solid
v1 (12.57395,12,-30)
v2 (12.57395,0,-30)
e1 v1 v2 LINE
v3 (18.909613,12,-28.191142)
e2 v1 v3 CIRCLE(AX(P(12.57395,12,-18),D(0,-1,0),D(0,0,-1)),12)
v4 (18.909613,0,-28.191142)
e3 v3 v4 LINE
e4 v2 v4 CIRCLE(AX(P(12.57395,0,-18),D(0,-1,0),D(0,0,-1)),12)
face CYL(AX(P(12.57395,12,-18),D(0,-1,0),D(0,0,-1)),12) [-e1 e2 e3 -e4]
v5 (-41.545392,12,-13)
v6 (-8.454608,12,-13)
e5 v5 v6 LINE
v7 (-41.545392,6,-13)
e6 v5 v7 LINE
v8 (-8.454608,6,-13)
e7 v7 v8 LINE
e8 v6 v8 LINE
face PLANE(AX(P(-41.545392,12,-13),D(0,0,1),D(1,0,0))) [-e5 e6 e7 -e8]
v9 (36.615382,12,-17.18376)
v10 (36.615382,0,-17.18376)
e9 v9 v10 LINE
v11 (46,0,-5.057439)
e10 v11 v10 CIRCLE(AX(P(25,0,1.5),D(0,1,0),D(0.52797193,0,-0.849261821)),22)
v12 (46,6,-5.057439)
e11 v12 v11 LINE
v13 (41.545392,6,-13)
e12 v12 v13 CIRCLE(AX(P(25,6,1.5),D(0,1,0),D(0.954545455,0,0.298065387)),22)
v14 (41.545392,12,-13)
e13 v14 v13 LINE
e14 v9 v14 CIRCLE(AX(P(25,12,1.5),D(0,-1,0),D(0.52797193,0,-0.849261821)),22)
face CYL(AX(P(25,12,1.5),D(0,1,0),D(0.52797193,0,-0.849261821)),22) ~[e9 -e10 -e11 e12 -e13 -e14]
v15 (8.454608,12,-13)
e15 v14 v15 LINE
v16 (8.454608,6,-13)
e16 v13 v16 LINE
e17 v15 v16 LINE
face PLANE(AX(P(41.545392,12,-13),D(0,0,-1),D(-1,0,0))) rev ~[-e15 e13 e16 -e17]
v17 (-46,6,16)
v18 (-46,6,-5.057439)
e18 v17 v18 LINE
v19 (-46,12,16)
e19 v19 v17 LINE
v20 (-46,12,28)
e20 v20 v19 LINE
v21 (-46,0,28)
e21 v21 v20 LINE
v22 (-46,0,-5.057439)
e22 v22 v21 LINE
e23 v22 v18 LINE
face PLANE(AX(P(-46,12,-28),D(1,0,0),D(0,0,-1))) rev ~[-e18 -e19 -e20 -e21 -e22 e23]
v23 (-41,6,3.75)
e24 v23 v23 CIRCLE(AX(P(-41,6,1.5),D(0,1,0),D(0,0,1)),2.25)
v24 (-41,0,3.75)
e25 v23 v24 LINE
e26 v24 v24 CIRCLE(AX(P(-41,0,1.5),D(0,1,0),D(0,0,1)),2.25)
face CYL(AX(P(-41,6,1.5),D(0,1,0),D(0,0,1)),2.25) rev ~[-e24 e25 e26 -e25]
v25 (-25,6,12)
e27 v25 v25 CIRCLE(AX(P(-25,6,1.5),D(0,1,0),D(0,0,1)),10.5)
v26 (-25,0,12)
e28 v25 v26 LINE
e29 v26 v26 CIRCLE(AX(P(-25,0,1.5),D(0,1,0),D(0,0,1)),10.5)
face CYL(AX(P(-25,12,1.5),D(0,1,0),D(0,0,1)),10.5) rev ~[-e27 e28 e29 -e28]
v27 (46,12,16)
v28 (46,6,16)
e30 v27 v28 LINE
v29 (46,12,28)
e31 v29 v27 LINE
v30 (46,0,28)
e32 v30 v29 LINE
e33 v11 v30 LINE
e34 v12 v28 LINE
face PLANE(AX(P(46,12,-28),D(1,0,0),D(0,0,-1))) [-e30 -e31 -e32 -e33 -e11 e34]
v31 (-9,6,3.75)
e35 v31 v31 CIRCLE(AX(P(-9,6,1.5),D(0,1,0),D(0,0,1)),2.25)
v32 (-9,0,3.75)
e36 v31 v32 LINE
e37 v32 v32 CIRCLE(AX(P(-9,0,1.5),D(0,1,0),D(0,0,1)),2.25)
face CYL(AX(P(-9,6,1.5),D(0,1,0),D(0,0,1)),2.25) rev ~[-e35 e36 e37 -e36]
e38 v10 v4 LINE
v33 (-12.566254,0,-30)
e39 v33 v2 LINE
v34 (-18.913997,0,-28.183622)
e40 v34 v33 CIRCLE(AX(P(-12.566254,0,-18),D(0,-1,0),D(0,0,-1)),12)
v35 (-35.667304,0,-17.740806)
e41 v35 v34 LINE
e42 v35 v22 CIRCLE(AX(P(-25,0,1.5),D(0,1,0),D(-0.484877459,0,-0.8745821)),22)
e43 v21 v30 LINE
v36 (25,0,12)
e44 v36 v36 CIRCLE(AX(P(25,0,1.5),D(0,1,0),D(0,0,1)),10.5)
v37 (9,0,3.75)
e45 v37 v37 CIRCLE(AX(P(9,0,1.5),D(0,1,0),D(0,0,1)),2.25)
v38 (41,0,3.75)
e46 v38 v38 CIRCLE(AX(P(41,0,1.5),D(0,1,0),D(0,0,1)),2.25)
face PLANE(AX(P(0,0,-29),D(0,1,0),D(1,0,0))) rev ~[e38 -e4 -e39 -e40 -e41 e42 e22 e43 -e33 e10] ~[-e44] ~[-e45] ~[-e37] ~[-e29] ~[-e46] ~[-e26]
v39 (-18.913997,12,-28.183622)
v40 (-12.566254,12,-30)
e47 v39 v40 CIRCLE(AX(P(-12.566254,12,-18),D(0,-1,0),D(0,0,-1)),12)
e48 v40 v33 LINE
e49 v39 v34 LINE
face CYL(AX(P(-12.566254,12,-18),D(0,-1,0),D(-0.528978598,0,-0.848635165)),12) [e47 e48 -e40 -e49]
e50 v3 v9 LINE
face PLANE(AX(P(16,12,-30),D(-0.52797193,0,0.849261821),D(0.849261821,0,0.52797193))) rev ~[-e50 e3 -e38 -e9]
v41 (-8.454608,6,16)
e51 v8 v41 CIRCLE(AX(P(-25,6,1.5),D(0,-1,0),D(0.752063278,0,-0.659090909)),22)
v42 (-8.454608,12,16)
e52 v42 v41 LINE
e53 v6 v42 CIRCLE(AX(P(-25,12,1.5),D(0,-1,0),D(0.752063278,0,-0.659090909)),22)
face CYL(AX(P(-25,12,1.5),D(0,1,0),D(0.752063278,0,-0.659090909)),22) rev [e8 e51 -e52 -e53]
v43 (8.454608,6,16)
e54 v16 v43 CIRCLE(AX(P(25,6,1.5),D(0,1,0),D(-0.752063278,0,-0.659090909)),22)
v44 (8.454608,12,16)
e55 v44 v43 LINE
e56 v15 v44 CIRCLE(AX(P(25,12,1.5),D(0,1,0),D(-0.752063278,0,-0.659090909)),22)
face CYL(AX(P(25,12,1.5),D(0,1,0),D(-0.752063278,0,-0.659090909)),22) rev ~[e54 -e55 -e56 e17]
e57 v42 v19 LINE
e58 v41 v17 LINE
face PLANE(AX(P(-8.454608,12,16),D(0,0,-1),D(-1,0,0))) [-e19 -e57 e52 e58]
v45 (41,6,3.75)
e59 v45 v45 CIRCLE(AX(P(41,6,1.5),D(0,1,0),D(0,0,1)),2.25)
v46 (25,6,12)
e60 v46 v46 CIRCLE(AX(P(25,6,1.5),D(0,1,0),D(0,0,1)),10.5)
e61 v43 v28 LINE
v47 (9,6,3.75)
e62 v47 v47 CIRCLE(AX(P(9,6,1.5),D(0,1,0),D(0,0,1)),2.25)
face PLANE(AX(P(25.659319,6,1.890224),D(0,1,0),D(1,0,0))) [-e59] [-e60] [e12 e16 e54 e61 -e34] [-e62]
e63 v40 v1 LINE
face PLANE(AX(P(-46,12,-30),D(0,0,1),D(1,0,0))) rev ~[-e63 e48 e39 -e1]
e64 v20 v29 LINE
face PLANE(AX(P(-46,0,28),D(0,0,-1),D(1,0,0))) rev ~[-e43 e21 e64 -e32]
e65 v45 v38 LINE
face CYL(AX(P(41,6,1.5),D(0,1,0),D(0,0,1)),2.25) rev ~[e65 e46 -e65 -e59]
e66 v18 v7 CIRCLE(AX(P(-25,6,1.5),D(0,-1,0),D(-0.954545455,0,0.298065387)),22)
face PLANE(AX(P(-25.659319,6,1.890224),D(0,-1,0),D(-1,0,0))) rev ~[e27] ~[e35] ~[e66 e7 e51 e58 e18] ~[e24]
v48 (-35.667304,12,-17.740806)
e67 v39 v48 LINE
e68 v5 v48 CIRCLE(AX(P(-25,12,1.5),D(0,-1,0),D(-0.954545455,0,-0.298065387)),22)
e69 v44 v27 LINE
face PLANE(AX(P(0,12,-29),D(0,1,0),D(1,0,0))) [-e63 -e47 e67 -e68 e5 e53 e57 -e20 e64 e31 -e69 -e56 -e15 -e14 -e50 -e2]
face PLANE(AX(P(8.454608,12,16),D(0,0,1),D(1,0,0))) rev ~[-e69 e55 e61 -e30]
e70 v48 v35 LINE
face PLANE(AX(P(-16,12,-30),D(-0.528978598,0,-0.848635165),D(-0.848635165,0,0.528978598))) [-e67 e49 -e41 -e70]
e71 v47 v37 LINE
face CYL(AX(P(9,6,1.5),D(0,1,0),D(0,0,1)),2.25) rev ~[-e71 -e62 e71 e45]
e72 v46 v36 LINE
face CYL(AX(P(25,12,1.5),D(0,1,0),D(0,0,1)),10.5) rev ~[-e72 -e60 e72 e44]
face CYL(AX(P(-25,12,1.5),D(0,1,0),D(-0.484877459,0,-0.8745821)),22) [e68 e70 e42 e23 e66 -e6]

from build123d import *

# Parameters (mm, degrees)
SKETCH1_W           = 92
SKETCH1_H           = 56
BOSS_EXTRUDE1_DEPTH = 12
SKETCH8_W           = 92
SKETCH8_H           = 2
BOSS_EXTRUDE3_DEPTH = 12
CUT_EXTRUDE1_REACH  = 58.214
SKETCH2_R           = 10.5
CUT_EXTRUDE3_DEPTH  = 6
CUT_EXTRUDE4_REACH  = 57.245
SKETCH6_R           = 2.25
CUT_EXTRUDE5_REACH  = 58.214
FILLET2_R           = 12


with BuildPart() as part:
    # Sketch1 → Boss-Extrude1 (new body)
    with BuildSketch(Plane(origin=(0, 0, 0), x_dir=(1, 0, 0), z_dir=(0, 1, 0))):
        Rectangle(SKETCH1_W, SKETCH1_H)
    extrude(amount=BOSS_EXTRUDE1_DEPTH)

    # Sketch8 → Boss-Extrude3 (add)
    with BuildSketch(Plane(origin=(0, 12, 0), x_dir=(1, 0, 0), z_dir=(0, 1, 0))):
        with Locations((0, 29)):
            Rectangle(SKETCH8_W, SKETCH8_H)
    extrude(amount=-BOSS_EXTRUDE3_DEPTH)

    # Sketch2 → Cut-Extrude1 (cut, up to next)
    with BuildSketch(Plane(origin=(0, 12, 0), x_dir=(1, 0, 0), z_dir=(0, 1, 0)), mode=Mode.PRIVATE) as cut_extrude1_sk1:
        with Locations(Location((-25, -1.5, 0), (0, 0, 270))):
            Circle(SKETCH2_R)
    cut_extrude1_tool1 = extrude(cut_extrude1_sk1.sketch, amount=-CUT_EXTRUDE1_REACH, mode=Mode.PRIVATE) & part.part
    # Sketch2 → Cut-Extrude1 (cut, up to next)
    with BuildSketch(Plane(origin=(0, 12, 0), x_dir=(1, 0, 0), z_dir=(0, 1, 0)), mode=Mode.PRIVATE) as cut_extrude1_sk2:
        with Locations(Location((25, -1.5, 0), (0, 0, 270))):
            Circle(SKETCH2_R)
    cut_extrude1_tool2 = extrude(cut_extrude1_sk2.sketch, amount=-CUT_EXTRUDE1_REACH, mode=Mode.PRIVATE) & part.part
    add(cut_extrude1_tool1.solids().sort_by_distance((-25, 12, 1.5))[0], mode=Mode.SUBTRACT)
    add(cut_extrude1_tool2.solids().sort_by_distance((25, 12, 1.5))[0], mode=Mode.SUBTRACT)

    # Sketch5 → Cut-Extrude3 (cut)
    with BuildSketch(Plane(origin=(0, 12, 0), x_dir=(1, 0, 0), z_dir=(0, 1, 0))):
        with BuildLine():
            Line((-46, -16), (-46, -8.057438524))
            ThreePointArc((-46, -8.057438524), (-46.523662477, 3.053235505), (-41.545392108, 13))
            Line((-41.545392108, 13), (-8.454607892, 13))
            ThreePointArc((-8.454607892, 13), (-3, -1.5), (-8.454607892, -16))
            Line((-8.454607892, -16), (-46, -16))
        make_face()
        with BuildLine():
            Line((46, -16), (46, -8.057438524))
            ThreePointArc((46, -8.057438524), (46.523662477, 3.053235505), (41.545392108, 13))
            Line((41.545392108, 13), (8.454607892, 13))
            ThreePointArc((8.454607892, 13), (3, -1.5), (8.454607892, -16))
            Line((8.454607892, -16), (46, -16))
        make_face()
    extrude(amount=-CUT_EXTRUDE3_DEPTH, mode=Mode.SUBTRACT)

    # Sketch6 → Cut-Extrude4 (cut, up to next)
    with BuildSketch(Plane(origin=(0, 6, 0), x_dir=(1, 0, 0), z_dir=(0, 1, 0)), mode=Mode.PRIVATE) as cut_extrude4_sk1:
        with Locations(Location((-41, -1.5, 0), (0, 0, 270))):
            Circle(SKETCH6_R)
    cut_extrude4_tool1 = extrude(cut_extrude4_sk1.sketch, amount=-CUT_EXTRUDE4_REACH, mode=Mode.PRIVATE) & part.part
    # Sketch6 → Cut-Extrude4 (cut, up to next)
    with BuildSketch(Plane(origin=(0, 6, 0), x_dir=(1, 0, 0), z_dir=(0, 1, 0)), mode=Mode.PRIVATE) as cut_extrude4_sk2:
        with Locations(Location((-9, -1.5, 0), (0, 0, 270))):
            Circle(SKETCH6_R)
    cut_extrude4_tool2 = extrude(cut_extrude4_sk2.sketch, amount=-CUT_EXTRUDE4_REACH, mode=Mode.PRIVATE) & part.part
    # Sketch6 → Cut-Extrude4 (cut, up to next)
    with BuildSketch(Plane(origin=(0, 6, 0), x_dir=(1, 0, 0), z_dir=(0, 1, 0)), mode=Mode.PRIVATE) as cut_extrude4_sk3:
        with Locations(Location((9, -1.5, 0), (0, 0, 270))):
            Circle(SKETCH6_R)
    cut_extrude4_tool3 = extrude(cut_extrude4_sk3.sketch, amount=-CUT_EXTRUDE4_REACH, mode=Mode.PRIVATE) & part.part
    # Sketch6 → Cut-Extrude4 (cut, up to next)
    with BuildSketch(Plane(origin=(0, 6, 0), x_dir=(1, 0, 0), z_dir=(0, 1, 0)), mode=Mode.PRIVATE) as cut_extrude4_sk4:
        with Locations(Location((41, -1.5, 0), (0, 0, 270))):
            Circle(SKETCH6_R)
    cut_extrude4_tool4 = extrude(cut_extrude4_sk4.sketch, amount=-CUT_EXTRUDE4_REACH, mode=Mode.PRIVATE) & part.part
    add(cut_extrude4_tool1.solids().sort_by_distance((-41, 6, 1.5))[0], mode=Mode.SUBTRACT)
    add(cut_extrude4_tool2.solids().sort_by_distance((-9, 6, 1.5))[0], mode=Mode.SUBTRACT)
    add(cut_extrude4_tool3.solids().sort_by_distance((9, 6, 1.5))[0], mode=Mode.SUBTRACT)
    add(cut_extrude4_tool4.solids().sort_by_distance((41, 6, 1.5))[0], mode=Mode.SUBTRACT)

    # Sketch10 → Cut-Extrude5 (cut, up to next)
    with BuildSketch(Plane(origin=(0, 12, 0), x_dir=(1, 0, 0), z_dir=(0, 1, 0)), mode=Mode.PRIVATE) as cut_extrude5_sk1:
        with BuildLine():
            Line((-46, 5.057438524), (-46, 30))
            Line((-46, 30), (-16, 30))
            Line((-16, 30), (-35.667304108, 17.740806196))
            ThreePointArc((-35.667304108, 17.740806196), (-42.056420822, 12.395269294), (-46, 5.057438524))
        make_face()
    cut_extrude5_tool1 = extrude(cut_extrude5_sk1.sketch, amount=-CUT_EXTRUDE5_REACH, mode=Mode.PRIVATE) & part.part
    # Sketch10 → Cut-Extrude5 (cut, up to next)
    with BuildSketch(Plane(origin=(0, 12, 0), x_dir=(1, 0, 0), z_dir=(0, 1, 0)), mode=Mode.PRIVATE) as cut_extrude5_sk2:
        with BuildLine():
            Line((46, 5.057438524), (46, 30))
            Line((46, 30), (16, 30))
            Line((16, 30), (36.615382461, 17.183760068))
            ThreePointArc((36.615382461, 17.183760068), (42.39835371, 11.964668142), (46, 5.057438524))
        make_face()
    cut_extrude5_tool2 = extrude(cut_extrude5_sk2.sketch, amount=-CUT_EXTRUDE5_REACH, mode=Mode.PRIVATE) & part.part
    add(cut_extrude5_tool1.solids().sort_by_distance((-36.403407, 12, -23.114901))[0], mode=Mode.SUBTRACT)
    add(cut_extrude5_tool2.solids().sort_by_distance((36.411287, 12, -23.11647))[0], mode=Mode.SUBTRACT)

    # Fillet2
    fillet2_edges = [part.edges().sort_by_distance(p)[0] for p in [
        (-16, 6, -30),
        (16, 6, -30),
    ]]
    fillet(fillet2_edges, radius=FILLET2_R)


solid = part.part
